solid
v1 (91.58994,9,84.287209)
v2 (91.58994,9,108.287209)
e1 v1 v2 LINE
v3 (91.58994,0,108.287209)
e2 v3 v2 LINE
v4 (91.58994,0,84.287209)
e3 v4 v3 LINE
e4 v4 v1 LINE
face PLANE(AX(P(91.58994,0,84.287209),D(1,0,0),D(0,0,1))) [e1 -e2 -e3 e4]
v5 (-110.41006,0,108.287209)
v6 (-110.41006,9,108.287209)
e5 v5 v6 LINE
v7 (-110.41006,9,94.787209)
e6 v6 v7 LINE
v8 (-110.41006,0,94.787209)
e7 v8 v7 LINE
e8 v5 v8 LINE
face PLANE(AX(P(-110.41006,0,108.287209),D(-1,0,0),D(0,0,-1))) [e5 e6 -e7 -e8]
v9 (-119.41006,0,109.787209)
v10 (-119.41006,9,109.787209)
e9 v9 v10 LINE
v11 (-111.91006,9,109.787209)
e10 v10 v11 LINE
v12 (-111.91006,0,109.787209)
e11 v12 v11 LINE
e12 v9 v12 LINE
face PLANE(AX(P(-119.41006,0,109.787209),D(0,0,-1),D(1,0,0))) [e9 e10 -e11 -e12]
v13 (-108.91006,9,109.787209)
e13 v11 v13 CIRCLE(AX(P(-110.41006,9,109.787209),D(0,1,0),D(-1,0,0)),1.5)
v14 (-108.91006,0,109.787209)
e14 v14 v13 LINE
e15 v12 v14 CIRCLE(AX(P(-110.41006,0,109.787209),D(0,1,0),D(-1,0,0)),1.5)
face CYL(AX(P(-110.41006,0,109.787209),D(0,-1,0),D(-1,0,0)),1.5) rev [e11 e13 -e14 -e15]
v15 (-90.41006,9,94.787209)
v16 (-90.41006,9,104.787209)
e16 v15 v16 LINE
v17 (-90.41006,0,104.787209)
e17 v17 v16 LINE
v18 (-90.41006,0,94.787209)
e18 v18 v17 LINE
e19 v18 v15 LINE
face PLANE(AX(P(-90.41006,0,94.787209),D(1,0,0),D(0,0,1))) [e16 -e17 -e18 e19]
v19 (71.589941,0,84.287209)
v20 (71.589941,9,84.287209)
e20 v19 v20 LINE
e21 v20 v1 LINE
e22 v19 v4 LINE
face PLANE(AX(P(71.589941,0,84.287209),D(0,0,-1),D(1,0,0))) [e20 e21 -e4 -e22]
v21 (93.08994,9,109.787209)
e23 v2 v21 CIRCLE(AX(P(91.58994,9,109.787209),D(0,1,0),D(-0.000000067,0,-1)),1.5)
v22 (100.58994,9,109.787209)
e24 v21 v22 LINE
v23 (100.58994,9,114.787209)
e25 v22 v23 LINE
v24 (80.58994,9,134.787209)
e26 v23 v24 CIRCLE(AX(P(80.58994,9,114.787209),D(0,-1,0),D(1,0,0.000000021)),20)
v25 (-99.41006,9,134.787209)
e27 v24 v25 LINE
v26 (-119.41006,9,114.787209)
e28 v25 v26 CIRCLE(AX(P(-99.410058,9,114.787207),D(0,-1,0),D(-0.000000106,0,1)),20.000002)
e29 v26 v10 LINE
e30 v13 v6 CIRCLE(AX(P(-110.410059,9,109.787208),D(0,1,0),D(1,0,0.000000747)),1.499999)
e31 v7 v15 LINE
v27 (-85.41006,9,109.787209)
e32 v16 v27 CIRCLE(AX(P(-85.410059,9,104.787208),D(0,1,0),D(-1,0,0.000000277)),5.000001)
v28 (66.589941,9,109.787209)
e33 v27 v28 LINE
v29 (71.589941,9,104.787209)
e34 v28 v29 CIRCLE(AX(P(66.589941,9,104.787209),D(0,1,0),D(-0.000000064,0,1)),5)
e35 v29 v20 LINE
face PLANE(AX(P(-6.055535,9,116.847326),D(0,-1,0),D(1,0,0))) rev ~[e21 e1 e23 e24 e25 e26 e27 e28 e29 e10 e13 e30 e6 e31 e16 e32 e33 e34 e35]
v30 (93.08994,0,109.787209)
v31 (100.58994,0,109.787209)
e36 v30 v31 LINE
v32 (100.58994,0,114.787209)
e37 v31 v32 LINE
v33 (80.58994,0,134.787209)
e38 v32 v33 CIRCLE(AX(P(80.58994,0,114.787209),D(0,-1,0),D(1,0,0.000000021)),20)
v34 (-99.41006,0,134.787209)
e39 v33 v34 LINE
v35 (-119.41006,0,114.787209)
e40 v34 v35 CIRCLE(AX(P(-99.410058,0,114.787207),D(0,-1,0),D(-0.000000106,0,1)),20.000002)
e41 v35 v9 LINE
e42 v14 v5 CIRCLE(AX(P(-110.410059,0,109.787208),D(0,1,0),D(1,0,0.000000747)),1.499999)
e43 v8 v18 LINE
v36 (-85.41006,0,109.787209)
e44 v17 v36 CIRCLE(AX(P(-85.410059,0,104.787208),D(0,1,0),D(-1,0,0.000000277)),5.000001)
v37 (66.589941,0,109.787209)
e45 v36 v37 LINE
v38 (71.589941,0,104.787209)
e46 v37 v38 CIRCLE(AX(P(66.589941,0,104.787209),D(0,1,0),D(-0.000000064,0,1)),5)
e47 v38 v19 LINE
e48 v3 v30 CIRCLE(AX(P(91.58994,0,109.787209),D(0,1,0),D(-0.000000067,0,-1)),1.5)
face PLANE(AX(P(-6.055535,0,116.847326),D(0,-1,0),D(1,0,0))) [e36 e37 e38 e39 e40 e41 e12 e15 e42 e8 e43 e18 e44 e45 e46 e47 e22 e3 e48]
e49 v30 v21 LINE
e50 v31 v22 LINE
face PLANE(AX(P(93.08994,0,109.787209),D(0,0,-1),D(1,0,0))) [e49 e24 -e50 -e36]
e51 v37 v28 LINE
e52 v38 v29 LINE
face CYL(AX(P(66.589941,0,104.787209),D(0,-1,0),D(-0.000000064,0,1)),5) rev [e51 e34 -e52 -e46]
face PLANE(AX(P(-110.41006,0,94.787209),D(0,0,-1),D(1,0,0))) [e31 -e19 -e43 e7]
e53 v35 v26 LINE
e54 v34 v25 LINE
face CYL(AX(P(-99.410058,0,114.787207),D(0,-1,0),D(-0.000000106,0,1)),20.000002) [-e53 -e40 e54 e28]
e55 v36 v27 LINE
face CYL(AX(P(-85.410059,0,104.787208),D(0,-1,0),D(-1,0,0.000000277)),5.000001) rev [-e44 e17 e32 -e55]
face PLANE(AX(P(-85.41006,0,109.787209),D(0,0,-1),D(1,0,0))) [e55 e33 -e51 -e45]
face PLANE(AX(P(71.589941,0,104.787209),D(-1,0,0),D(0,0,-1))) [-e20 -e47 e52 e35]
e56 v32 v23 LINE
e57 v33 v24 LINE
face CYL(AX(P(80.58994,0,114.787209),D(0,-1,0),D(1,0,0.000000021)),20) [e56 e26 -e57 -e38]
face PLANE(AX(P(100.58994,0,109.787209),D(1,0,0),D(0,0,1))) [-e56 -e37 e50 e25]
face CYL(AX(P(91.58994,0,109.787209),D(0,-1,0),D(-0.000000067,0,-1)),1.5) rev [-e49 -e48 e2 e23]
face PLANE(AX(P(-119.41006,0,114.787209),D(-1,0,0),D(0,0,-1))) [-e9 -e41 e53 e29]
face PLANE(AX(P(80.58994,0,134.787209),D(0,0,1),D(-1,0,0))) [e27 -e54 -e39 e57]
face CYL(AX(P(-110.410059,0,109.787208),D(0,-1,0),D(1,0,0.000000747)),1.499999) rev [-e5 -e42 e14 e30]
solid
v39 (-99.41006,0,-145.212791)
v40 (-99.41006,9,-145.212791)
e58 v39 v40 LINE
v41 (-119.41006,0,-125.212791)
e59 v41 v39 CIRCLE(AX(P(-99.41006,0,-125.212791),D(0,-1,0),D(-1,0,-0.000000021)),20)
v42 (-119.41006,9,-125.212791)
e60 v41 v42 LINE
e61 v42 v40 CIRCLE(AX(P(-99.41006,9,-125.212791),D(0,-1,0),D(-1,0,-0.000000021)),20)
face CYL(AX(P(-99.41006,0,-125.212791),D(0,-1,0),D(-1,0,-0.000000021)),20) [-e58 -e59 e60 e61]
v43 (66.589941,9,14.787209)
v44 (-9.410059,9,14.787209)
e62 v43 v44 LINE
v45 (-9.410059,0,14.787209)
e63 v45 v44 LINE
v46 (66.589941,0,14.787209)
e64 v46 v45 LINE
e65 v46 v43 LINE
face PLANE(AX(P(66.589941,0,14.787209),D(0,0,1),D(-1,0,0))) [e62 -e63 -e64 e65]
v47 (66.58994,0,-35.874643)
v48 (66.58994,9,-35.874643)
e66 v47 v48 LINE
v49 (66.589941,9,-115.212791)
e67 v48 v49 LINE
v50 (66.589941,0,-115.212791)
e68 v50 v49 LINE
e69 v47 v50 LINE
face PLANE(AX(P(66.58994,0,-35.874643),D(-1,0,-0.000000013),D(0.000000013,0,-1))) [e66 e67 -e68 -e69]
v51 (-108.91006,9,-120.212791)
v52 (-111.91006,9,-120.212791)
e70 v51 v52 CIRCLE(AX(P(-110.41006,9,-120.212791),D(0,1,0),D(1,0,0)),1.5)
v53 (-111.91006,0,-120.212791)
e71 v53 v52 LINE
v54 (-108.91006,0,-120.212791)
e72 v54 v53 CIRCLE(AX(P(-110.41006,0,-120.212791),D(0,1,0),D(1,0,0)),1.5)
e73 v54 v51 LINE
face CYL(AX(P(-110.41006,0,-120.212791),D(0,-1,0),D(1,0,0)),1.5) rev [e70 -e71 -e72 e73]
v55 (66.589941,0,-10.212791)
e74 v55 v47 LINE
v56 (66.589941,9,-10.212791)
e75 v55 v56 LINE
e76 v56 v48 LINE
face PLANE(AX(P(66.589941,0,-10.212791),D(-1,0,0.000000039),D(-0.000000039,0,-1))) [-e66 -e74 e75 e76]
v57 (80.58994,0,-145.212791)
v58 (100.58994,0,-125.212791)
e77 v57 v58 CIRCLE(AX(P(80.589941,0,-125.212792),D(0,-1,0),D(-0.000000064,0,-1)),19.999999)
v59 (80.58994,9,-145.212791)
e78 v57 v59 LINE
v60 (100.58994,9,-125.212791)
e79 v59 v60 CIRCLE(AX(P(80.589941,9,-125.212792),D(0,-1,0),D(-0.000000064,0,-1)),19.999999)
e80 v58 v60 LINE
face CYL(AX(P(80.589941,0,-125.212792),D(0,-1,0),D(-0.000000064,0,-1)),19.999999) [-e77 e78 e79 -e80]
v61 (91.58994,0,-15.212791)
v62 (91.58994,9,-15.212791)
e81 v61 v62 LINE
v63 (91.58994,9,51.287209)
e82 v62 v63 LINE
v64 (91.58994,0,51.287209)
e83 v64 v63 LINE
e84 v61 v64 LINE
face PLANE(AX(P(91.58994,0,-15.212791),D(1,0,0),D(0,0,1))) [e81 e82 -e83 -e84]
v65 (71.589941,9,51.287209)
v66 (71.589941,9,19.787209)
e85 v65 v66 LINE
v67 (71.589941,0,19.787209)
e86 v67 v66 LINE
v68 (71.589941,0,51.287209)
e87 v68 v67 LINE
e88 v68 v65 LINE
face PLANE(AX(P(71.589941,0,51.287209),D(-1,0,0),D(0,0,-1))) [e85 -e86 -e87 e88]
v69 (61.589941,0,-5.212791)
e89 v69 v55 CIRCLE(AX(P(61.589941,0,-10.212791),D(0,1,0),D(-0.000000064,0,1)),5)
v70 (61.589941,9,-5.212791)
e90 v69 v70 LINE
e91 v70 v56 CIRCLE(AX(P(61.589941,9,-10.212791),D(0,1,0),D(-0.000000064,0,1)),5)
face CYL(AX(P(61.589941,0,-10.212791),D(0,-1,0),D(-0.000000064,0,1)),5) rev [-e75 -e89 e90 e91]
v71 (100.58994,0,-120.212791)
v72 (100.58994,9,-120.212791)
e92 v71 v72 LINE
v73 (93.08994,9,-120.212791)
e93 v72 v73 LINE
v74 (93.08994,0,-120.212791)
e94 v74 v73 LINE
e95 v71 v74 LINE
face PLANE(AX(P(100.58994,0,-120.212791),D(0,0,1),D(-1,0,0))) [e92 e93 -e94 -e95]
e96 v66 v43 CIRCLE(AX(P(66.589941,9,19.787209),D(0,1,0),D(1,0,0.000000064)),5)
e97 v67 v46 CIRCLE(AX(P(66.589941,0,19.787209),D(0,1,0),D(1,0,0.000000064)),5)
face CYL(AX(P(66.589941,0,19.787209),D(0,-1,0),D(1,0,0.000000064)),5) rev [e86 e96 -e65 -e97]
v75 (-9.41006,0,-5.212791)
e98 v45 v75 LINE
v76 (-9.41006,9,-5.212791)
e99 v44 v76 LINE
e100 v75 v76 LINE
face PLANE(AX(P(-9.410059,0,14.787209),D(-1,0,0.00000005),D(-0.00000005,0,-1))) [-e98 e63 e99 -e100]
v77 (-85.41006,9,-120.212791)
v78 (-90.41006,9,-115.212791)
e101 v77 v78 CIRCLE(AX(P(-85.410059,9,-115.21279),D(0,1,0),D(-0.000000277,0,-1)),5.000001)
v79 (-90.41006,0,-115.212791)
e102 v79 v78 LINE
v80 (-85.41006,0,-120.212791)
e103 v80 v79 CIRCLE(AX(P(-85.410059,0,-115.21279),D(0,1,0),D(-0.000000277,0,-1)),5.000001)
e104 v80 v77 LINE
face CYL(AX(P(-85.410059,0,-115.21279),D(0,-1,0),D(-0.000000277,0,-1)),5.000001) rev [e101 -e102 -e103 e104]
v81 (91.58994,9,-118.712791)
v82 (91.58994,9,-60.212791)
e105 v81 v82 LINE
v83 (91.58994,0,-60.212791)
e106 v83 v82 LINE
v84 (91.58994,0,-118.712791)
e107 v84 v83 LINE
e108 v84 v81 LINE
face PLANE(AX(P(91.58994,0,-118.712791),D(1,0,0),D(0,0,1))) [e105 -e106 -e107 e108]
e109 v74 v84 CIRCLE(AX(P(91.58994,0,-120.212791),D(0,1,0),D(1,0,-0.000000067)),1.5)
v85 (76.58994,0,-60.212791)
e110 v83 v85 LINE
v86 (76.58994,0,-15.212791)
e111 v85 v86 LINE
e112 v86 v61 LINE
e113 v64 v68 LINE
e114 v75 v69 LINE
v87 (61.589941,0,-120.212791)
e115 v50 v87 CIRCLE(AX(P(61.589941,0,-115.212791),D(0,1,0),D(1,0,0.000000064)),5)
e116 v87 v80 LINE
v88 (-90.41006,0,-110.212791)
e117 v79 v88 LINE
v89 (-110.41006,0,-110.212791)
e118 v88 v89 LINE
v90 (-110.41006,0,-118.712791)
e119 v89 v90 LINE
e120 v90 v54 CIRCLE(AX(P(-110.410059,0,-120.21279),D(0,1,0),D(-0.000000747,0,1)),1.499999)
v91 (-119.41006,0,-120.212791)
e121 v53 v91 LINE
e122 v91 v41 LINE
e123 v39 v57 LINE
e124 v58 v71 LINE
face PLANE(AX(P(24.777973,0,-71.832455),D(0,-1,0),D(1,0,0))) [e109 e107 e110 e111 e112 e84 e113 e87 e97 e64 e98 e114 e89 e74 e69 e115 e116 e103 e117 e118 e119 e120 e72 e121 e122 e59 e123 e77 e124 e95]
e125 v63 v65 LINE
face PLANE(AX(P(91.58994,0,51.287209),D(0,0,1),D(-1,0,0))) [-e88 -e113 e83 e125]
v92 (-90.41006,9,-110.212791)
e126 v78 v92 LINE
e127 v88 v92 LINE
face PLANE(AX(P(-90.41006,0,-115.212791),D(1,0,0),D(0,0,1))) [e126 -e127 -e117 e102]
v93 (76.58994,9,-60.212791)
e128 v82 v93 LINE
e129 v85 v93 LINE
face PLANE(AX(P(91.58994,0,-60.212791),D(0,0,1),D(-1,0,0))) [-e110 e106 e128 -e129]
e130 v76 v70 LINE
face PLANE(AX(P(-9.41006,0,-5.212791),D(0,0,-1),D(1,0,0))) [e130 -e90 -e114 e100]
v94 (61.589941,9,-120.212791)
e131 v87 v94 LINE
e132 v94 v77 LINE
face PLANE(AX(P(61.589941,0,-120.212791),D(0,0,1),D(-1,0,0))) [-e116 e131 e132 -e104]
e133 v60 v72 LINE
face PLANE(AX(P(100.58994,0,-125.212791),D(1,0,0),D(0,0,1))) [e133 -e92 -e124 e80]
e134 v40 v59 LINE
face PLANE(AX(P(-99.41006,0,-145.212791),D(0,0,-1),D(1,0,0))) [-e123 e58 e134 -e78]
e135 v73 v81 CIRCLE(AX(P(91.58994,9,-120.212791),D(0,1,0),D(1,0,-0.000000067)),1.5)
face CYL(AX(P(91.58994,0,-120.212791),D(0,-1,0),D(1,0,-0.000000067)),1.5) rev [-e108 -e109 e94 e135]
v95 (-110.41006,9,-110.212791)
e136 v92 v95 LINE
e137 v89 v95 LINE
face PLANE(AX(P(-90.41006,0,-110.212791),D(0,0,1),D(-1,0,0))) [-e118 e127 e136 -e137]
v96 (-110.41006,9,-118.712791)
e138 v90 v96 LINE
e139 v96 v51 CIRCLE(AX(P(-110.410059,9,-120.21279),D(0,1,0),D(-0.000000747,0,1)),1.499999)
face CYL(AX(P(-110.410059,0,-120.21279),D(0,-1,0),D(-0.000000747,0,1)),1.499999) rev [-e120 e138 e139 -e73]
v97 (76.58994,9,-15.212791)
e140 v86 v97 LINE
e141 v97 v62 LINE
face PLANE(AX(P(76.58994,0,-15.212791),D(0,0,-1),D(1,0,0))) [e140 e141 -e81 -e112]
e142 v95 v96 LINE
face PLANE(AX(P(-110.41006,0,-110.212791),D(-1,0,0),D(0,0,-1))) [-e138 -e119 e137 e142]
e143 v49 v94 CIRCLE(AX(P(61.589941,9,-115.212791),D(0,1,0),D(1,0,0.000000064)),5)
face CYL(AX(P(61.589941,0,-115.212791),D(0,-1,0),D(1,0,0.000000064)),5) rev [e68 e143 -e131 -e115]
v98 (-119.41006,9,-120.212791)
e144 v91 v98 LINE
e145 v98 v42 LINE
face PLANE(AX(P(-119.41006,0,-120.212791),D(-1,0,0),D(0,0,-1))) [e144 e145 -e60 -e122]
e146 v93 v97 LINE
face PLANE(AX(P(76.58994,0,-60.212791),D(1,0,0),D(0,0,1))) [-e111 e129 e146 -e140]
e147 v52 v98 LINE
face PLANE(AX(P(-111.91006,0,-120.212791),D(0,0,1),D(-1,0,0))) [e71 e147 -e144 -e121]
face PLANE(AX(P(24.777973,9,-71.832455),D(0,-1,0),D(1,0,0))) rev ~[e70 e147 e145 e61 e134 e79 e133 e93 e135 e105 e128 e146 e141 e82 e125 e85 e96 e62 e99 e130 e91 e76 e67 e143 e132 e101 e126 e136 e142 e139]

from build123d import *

# Parameters (mm, degrees)
F1_DEPTH = 9


with BuildPart() as f1:
    # F0 (on Front) → F1 (new body)
    with BuildSketch(Plane.XZ):
        with BuildLine():
            Line((80.58994, 134.787209), (-99.41006, 134.787209))
            ThreePointArc((-99.41006, 134.787209), (-113.552195, 128.929344), (-119.41006, 114.787209))
            Line((-119.41006, 114.787209), (-119.41006, 109.787209))
            Line((-119.41006, 109.787209), (-111.91006, 109.787209))
            ThreePointArc((-111.91006, 109.787209), (-110.41006, 111.287209), (-108.91006, 109.787209))
            ThreePointArc((-108.91006, 109.787209), (-109.349399, 108.726549), (-110.41006, 108.287209))
            Line((-110.41006, 108.287209), (-110.41006, 94.787209))
            Line((-110.41006, 94.787209), (-90.41006, 94.787209))
            Line((-90.41006, 94.787209), (-90.41006, 104.787209))
            ThreePointArc((-90.41006, 104.787209), (-88.945593, 108.322743), (-85.41006, 109.787209))
            Line((-85.41006, 109.787209), (66.589941, 109.787209))
            ThreePointArc((66.589941, 109.787209), (70.125475, 108.322743), (71.589941, 104.787209))
            Line((71.589941, 104.787209), (71.589941, 84.287209))
            Line((71.589941, 84.287209), (91.58994, 84.287209))
            Line((91.58994, 84.287209), (91.58994, 108.287209))
            ThreePointArc((91.58994, 108.287209), (90.52928, 110.847869), (93.08994, 109.787209))
            Line((93.08994, 109.787209), (100.58994, 109.787209))
            Line((100.58994, 109.787209), (100.58994, 114.787209))
            ThreePointArc((100.58994, 114.787209), (94.732076, 128.929344), (80.58994, 134.787209))
        make_face()
        with BuildLine():
            ThreePointArc((-119.41006, -125.212791), (-113.552195, -139.354927), (-99.41006, -145.212791))
            Line((-99.41006, -145.212791), (80.58994, -145.212791))
            ThreePointArc((80.58994, -145.212791), (94.732076, -139.354927), (100.58994, -125.212791))
            Line((100.58994, -125.212791), (100.58994, -120.212791))
            Line((100.58994, -120.212791), (93.08994, -120.212791))
            ThreePointArc((93.08994, -120.212791), (90.52928, -121.273451), (91.58994, -118.712791))
            Line((91.58994, -118.712791), (91.58994, -110.212791))
            Line((91.58994, -110.212791), (91.58994, -60.212791))
            Line((91.58994, -60.212791), (76.58994, -60.212791))
            Line((76.58994, -60.212791), (76.58994, -15.212791))
            Line((76.58994, -15.212791), (91.58994, -15.212791))
            Line((91.58994, -15.212791), (91.58994, 51.287209))
            Line((91.58994, 51.287209), (71.589941, 51.287209))
            Line((71.589941, 51.287209), (71.589941, 19.787209))
            ThreePointArc((71.589941, 19.787209), (70.125475, 16.251675), (66.589941, 14.787209))
            Line((66.589941, 14.787209), (-9.410059, 14.787209))
            Line((-9.410059, 14.787209), (-9.41006, -5.212791))
            Line((-9.41006, -5.212791), (61.589941, -5.212791))
            ThreePointArc((61.589941, -5.212791), (65.125475, -6.677257), (66.589941, -10.212791))
            Line((66.589941, -10.212791), (66.58994, -35.874643))
            Line((66.58994, -35.874643), (66.589941, -115.212791))
            ThreePointArc((66.589941, -115.212791), (65.125475, -118.748325), (61.589941, -120.212791))
            Line((61.589941, -120.212791), (-85.41006, -120.212791))
            ThreePointArc((-85.41006, -120.212791), (-88.945593, -118.748325), (-90.41006, -115.212791))
            Line((-90.41006, -115.212791), (-90.41006, -110.212791))
            Line((-90.41006, -110.212791), (-110.41006, -110.212791))
            Line((-110.41006, -110.212791), (-110.41006, -118.712791))
            ThreePointArc((-110.41006, -118.712791), (-109.349399, -119.152131), (-108.91006, -120.212791))
            ThreePointArc((-108.91006, -120.212791), (-110.41006, -121.712791), (-111.91006, -120.212791))
            Line((-111.91006, -120.212791), (-119.41006, -120.212791))
            Line((-119.41006, -120.212791), (-119.41006, -125.212791))
        make_face()
    extrude(amount=-F1_DEPTH)


solid = f1.part
